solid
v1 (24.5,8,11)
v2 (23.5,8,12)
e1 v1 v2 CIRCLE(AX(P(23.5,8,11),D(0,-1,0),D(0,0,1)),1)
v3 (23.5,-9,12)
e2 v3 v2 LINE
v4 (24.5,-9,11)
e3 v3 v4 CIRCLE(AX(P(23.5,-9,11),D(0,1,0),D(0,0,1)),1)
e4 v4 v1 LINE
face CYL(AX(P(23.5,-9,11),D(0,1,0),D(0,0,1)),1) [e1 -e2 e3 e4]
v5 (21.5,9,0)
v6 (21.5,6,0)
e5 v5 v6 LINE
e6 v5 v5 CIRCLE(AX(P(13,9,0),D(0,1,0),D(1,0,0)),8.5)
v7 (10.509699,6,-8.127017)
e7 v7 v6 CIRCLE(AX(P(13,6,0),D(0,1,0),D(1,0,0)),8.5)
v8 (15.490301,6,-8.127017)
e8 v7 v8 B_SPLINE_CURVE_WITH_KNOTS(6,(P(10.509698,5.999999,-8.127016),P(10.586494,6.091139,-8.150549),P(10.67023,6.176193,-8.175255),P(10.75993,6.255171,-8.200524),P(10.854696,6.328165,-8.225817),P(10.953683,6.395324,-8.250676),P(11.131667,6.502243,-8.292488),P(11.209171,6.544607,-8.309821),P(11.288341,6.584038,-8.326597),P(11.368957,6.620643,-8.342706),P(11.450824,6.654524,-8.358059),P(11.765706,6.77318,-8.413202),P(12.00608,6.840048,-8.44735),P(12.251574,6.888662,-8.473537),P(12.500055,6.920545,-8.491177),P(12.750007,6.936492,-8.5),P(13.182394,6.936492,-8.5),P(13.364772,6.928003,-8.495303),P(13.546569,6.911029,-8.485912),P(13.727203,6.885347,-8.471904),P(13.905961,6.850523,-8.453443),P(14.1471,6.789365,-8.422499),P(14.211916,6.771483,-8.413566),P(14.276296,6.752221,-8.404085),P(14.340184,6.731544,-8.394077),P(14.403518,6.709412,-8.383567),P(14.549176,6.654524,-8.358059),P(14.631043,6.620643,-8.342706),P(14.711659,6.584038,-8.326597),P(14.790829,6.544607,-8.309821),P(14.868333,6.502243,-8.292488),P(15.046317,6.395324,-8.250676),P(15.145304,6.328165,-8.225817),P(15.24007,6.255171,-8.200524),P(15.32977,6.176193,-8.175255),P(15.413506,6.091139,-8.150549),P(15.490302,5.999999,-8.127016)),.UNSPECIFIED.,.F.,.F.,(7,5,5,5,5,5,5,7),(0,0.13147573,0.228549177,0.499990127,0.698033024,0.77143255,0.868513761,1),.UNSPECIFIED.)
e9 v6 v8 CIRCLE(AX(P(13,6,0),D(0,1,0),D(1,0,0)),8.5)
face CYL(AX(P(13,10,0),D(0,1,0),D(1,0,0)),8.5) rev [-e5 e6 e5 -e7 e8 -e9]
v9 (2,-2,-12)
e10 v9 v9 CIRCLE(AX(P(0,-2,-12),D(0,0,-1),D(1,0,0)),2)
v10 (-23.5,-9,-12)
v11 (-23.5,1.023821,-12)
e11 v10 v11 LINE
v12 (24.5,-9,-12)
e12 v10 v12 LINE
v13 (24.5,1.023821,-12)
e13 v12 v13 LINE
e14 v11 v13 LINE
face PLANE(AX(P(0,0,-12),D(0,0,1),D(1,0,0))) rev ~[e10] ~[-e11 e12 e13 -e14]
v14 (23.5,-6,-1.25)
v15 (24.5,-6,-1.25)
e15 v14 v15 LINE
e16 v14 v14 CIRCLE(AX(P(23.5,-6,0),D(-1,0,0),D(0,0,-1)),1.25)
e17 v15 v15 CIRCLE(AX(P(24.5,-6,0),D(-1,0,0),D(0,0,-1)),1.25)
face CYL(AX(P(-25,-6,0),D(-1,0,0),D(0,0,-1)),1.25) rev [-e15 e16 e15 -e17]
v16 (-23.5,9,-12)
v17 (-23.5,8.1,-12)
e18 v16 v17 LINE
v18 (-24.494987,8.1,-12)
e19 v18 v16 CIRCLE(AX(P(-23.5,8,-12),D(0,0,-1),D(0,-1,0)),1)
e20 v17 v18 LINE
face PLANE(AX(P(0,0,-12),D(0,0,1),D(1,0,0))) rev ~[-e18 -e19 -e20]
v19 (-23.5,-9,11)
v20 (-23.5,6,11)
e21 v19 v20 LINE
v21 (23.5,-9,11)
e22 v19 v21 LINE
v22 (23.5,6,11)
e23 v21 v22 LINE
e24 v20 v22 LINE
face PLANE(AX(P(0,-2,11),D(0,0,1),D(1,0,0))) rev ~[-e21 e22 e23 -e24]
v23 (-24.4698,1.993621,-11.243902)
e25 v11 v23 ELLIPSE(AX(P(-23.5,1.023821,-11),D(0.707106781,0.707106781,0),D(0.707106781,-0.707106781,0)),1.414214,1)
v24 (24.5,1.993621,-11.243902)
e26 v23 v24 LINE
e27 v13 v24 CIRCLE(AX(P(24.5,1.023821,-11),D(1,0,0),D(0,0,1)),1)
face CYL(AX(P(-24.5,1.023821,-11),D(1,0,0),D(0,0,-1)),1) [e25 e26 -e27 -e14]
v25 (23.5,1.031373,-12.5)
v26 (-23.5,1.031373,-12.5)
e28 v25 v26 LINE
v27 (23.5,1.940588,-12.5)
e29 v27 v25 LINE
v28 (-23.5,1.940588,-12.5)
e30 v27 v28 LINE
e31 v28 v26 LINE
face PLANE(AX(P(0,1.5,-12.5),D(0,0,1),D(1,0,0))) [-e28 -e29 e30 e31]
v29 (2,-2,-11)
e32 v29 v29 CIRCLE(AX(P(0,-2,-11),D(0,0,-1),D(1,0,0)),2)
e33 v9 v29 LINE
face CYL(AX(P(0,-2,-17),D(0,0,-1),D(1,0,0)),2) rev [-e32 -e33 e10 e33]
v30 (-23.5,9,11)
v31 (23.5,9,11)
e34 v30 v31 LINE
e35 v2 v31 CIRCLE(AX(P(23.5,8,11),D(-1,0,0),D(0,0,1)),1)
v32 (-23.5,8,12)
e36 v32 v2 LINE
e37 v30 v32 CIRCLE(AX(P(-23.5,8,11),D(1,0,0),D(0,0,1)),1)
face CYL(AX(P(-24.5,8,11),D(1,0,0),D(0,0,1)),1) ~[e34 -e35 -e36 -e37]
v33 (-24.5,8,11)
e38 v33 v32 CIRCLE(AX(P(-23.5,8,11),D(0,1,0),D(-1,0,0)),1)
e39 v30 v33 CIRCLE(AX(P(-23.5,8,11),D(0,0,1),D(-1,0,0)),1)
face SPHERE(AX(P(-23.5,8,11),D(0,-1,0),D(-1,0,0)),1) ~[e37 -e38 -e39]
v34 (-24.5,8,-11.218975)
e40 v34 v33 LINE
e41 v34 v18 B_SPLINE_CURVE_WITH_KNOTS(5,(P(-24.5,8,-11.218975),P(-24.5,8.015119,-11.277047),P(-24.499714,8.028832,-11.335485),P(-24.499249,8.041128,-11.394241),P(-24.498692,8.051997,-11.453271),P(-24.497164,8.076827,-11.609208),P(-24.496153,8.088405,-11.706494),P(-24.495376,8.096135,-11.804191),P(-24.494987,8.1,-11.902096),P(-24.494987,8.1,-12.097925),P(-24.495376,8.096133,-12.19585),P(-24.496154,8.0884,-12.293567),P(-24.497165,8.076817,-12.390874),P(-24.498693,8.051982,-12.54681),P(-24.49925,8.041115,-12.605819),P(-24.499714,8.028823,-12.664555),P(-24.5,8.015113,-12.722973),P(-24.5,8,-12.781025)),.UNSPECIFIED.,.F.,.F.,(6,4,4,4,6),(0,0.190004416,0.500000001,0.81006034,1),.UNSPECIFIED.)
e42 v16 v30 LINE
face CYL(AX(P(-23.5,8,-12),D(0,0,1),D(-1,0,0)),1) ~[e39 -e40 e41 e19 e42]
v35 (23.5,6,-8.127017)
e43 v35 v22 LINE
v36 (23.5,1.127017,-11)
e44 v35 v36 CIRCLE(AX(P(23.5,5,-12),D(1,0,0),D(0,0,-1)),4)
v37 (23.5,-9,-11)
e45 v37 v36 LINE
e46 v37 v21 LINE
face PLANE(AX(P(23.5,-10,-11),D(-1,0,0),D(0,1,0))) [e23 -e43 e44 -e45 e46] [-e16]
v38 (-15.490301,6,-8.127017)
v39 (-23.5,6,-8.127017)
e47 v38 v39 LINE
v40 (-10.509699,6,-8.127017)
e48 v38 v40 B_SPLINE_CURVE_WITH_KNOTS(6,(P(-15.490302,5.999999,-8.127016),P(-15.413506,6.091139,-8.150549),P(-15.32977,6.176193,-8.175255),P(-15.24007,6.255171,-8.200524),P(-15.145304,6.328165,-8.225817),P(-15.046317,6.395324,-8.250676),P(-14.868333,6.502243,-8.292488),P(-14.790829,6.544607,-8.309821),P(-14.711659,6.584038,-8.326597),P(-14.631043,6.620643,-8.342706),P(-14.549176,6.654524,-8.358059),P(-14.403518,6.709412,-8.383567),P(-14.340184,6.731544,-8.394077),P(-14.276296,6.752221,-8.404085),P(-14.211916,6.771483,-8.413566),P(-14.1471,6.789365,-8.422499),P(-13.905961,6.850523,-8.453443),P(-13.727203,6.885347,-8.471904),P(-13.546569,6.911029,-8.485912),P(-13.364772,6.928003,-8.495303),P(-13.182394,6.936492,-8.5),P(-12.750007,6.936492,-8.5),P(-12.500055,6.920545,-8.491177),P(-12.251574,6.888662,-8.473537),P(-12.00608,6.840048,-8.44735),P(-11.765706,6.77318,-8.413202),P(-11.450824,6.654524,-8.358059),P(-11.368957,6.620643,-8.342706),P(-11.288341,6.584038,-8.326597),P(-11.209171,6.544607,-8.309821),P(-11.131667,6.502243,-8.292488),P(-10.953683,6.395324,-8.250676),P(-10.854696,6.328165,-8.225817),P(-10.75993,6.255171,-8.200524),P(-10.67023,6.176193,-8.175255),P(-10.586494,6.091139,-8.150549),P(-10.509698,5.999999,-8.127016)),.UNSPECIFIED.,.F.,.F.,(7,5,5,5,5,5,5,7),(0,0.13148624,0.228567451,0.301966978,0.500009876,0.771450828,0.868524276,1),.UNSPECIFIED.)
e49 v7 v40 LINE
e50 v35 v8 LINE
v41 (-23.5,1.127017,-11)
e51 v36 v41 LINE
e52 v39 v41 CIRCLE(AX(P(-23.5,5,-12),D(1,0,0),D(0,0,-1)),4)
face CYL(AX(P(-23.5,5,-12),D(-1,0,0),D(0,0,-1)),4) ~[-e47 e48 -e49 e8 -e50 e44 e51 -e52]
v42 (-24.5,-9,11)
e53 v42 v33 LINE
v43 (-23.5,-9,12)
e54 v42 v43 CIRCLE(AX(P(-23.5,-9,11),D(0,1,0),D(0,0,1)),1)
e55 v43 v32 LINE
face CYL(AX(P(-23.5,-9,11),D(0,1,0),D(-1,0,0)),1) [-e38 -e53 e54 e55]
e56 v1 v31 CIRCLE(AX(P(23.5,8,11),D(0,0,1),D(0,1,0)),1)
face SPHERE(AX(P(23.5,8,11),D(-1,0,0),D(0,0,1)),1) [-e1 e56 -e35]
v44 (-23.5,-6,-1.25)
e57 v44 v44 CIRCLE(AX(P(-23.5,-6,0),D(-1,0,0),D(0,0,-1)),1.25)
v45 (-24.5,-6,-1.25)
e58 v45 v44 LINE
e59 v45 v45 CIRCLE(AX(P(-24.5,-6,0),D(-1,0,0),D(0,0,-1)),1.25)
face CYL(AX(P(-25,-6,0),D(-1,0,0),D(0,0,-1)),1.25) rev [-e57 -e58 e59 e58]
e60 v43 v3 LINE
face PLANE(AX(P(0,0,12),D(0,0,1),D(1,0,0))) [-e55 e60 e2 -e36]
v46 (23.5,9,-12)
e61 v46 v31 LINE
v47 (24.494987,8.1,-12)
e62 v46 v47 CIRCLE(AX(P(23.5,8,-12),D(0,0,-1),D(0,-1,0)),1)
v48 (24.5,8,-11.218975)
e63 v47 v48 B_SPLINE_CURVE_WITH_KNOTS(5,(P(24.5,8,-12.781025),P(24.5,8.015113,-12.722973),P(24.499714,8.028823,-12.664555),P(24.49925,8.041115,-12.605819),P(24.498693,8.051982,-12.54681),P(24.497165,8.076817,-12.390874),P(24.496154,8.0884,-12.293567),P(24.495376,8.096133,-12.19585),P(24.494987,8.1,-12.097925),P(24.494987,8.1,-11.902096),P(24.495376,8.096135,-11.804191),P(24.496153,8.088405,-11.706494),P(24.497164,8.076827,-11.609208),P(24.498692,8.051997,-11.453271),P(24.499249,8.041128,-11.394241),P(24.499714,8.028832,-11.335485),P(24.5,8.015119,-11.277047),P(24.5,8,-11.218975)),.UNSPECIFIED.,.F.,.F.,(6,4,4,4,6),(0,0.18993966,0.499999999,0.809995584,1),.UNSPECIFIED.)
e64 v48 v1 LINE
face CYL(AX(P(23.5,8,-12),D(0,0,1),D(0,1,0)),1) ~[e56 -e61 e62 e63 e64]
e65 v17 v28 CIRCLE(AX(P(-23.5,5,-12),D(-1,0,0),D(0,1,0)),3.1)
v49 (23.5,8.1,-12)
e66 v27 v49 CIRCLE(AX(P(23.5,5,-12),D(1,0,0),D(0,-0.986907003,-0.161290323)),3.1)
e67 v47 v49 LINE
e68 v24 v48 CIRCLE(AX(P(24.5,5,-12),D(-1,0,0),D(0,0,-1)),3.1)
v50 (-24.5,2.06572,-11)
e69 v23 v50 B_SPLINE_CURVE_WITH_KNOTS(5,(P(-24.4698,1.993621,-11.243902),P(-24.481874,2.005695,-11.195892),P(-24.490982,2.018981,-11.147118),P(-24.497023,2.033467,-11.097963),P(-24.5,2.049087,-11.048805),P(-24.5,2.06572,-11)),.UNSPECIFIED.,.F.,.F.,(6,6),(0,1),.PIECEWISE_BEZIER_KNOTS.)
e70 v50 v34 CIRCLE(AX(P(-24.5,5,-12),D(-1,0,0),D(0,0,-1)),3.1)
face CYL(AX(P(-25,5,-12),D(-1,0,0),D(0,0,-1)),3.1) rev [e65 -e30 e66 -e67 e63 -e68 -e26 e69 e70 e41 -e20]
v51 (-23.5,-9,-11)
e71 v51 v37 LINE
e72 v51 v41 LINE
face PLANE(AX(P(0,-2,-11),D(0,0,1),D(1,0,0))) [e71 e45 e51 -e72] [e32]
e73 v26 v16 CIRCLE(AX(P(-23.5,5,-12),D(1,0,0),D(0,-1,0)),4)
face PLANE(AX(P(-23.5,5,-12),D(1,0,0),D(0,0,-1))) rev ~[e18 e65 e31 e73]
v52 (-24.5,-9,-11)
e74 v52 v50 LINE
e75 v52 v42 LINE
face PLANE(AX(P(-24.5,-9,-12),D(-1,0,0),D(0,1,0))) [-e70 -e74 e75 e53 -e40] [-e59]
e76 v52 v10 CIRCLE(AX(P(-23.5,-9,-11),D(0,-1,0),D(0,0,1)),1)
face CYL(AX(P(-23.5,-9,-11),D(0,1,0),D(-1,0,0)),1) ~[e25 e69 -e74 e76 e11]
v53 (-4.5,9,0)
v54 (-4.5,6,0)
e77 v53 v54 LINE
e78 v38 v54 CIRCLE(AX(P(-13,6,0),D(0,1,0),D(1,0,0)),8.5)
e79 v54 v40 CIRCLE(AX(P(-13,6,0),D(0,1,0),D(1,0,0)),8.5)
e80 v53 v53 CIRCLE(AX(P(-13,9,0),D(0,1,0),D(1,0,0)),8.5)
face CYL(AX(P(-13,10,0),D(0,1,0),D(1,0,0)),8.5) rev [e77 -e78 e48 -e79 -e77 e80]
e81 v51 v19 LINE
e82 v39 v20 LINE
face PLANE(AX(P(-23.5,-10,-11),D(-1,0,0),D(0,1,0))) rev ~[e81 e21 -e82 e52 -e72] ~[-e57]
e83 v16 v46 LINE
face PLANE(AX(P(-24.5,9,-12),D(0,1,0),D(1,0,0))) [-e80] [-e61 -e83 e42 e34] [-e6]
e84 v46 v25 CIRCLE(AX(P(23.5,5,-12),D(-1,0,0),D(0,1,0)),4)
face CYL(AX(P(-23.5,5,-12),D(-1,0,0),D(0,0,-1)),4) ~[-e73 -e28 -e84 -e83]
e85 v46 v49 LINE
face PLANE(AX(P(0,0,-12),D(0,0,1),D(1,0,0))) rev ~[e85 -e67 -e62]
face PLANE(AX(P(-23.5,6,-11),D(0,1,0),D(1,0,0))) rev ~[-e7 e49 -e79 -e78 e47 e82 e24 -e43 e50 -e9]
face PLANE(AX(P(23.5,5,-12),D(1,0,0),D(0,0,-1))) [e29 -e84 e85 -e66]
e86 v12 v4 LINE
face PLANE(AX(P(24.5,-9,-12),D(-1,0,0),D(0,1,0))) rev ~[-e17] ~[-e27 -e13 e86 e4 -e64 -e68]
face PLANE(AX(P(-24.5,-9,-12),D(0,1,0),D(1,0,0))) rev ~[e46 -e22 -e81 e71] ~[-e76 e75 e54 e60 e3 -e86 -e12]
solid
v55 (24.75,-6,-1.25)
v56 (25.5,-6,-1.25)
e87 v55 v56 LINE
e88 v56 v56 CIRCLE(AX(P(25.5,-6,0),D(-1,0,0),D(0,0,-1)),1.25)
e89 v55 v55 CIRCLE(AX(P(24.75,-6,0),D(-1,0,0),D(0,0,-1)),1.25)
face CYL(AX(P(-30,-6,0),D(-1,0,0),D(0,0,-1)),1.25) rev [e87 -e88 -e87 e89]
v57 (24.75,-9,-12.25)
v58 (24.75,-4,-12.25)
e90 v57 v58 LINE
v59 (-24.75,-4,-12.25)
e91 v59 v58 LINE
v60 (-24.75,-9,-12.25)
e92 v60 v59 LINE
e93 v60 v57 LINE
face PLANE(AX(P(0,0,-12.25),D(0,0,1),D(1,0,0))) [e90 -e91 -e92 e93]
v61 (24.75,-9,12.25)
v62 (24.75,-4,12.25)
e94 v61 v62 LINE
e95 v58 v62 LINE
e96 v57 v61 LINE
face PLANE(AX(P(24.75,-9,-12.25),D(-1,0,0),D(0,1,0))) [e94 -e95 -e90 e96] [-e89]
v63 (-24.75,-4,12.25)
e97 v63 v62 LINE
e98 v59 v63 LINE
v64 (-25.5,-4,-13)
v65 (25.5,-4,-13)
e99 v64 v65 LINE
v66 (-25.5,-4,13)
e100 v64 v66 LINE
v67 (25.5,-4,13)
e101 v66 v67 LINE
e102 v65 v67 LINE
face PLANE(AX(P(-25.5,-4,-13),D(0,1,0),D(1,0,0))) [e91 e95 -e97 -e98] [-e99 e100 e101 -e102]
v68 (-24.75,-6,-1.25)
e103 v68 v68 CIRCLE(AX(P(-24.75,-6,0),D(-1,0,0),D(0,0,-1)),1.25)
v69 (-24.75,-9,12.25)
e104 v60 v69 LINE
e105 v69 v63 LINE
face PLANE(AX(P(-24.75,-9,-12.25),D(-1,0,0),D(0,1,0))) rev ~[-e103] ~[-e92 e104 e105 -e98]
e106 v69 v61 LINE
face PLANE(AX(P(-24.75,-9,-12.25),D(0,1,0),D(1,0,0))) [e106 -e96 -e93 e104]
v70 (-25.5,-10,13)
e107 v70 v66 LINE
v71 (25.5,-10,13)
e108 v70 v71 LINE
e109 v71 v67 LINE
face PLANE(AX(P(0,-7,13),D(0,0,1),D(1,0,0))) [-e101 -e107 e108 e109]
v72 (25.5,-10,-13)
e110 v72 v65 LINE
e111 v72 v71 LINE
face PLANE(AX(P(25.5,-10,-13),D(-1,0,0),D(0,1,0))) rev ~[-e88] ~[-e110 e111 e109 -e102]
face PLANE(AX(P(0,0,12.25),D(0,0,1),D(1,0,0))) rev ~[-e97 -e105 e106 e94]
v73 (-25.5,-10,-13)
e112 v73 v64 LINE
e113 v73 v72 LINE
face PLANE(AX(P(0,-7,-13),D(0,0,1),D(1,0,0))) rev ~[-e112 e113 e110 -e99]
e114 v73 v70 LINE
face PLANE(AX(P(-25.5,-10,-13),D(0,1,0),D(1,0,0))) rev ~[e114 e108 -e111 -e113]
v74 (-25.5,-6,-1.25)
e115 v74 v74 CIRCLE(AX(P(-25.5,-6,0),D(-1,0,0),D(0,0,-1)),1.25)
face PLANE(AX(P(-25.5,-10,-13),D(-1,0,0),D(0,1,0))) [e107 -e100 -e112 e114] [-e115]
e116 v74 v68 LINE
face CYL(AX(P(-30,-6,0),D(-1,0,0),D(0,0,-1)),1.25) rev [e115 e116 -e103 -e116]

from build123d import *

# Parameters (mm, degrees)
CYLINDER005_R           = 2
CYLINDER005_DEPTH       = 10
CYLINDER004_R           = 1.25
CYLINDER004_DEPTH       = 50
CYLINDER004_PITCH_ANGLE = 90
BOX002_W                = 48
BOX002_H                = 3
BOX002_DEPTH            = 0.5
CYLINDER002_R           = 3.1
CYLINDER002_DEPTH       = 50
CYLINDER002_PITCH_ANGLE = 90
CYLINDER001_R           = 8.5
CYLINDER001_DEPTH       = 20
CYLINDER001_ROLL_ANGLE  = 90
CYLINDER_R              = 8.5
CYLINDER_DEPTH          = 20
CYLINDER_ROLL_ANGLE     = 90
BOX001_W                = 47
BOX001_H                = 16
BOX001_DEPTH            = 22
BOX_W                   = 49
BOX_H                   = 18
BOX_DEPTH               = 24
CYLINDER003_R           = 4
CYLINDER003_DEPTH       = 47
CYLINDER003_PITCH_ANGLE = 90
FILLET_R                = 1
CYLINDER006_R           = 1.25
CYLINDER006_DEPTH       = 60
CYLINDER006_PITCH_ANGLE = 90
BOX003_W                = 49.5
BOX003_H                = 18
BOX003_DEPTH            = 24.5
BOX004_W                = 51
BOX004_H                = 6
BOX004_DEPTH            = 26


with BuildPart() as cylinder003:
    # Cylinder005 → Cylinder005 (new body)
    with BuildSketch(Plane(origin=(0, -2, -17), x_dir=(1, 0, 0), z_dir=(0, 0, 1))):
        Circle(CYLINDER005_R)
    extrude(amount=CYLINDER005_DEPTH)


with BuildPart() as cylinder002:
    # Cylinder004 → Cylinder004 (new body)
    with BuildSketch(Plane.XY):
        Circle(CYLINDER004_R)
    extrude(amount=CYLINDER004_DEPTH)


with BuildPart() as cylinder002_1:
    # Cylinder004 pitch: moved
    add(cylinder002.part.rotate(Axis((0, 0, 0), (0, 1, 0)), CYLINDER004_PITCH_ANGLE))


with BuildPart() as cylinder002_2:
    # Cylinder004 placement: moved
    add(cylinder002_1.part.moved(Location((-25, -6, 0))))


with BuildPart() as cube:
    # Box002 → Box002 (new body)
    with BuildSketch(Plane(origin=(-24, 0, -12.5), x_dir=(1, 0, 0), z_dir=(0, 0, 1))):
        with Locations((24, 1.5)):
            Rectangle(BOX002_W, BOX002_H)
    extrude(amount=BOX002_DEPTH)


with BuildPart() as cylinder:
    # Cylinder002 → Cylinder002 (new body)
    with BuildSketch(Plane.XY):
        Circle(CYLINDER002_R)
    extrude(amount=CYLINDER002_DEPTH)


with BuildPart() as cylinder_1:
    # Cylinder002 pitch: moved
    add(cylinder.part.rotate(Axis((0, 0, 0), (0, 1, 0)), CYLINDER002_PITCH_ANGLE))


with BuildPart() as cylinder_2:
    # Cylinder002 placement: moved
    add(cylinder_1.part.moved(Location((-25, 5, -12))))


with BuildPart() as ultrasoun002:
    # Cylinder001 → Cylinder001 (new body)
    with BuildSketch(Plane.XY):
        Circle(CYLINDER001_R)
    extrude(amount=CYLINDER001_DEPTH)


with BuildPart() as ultrasoun002_1:
    # Cylinder001 roll: moved
    add(ultrasoun002.part.rotate(Axis((0, 0, 0), (1, 0, 0)), CYLINDER001_ROLL_ANGLE))


with BuildPart() as ultrasoun002_2:
    # Cylinder001 placement: moved
    add(ultrasoun002_1.part.moved(Location((13, 10, 0))))


with BuildPart() as f_2xultrasonidos:
    # Cylinder → Cylinder (new body)
    with BuildSketch(Plane.XY):
        Circle(CYLINDER_R)
    extrude(amount=CYLINDER_DEPTH)


with BuildPart() as f_2xultrasonidos_1:
    # Cylinder roll: moved
    add(f_2xultrasonidos.part.rotate(Axis((0, 0, 0), (1, 0, 0)), CYLINDER_ROLL_ANGLE))


with BuildPart() as f_2xultrasonidos_2:
    # Cylinder placement: moved
    add(f_2xultrasonidos_1.part.moved(Location((-13, 10, 0))))

    # Fusion: union ultraSoun002
    add(ultrasoun002_2.part)


with BuildPart() as recote_base:
    # Box001 → Box001 (new body)
    with BuildSketch(Plane(origin=(-23.5, -10, -11), x_dir=(1, 0, 0), z_dir=(0, 0, 1))):
        with Locations((23.5, 8)):
            Rectangle(BOX001_W, BOX001_H)
    extrude(amount=BOX001_DEPTH)


with BuildPart() as cut001:
    # Box → Box (new body)
    with BuildSketch(Plane(origin=(-24.5, -9, -12), x_dir=(1, 0, 0), z_dir=(0, 0, 1))):
        with Locations((24.5, 9)):
            Rectangle(BOX_W, BOX_H)
    extrude(amount=BOX_DEPTH)

    # Cut: cut recote base
    add(recote_base.part, mode=Mode.SUBTRACT)

    # Cut001: cut 2xUltrasonidos
    add(f_2xultrasonidos_2.part, mode=Mode.SUBTRACT)


with BuildPart() as fillet_body:
    # Cylinder003 → Cylinder003 (new body)
    with BuildSketch(Plane.XY):
        Circle(CYLINDER003_R)
    extrude(amount=CYLINDER003_DEPTH)


with BuildPart() as fillet_body_1:
    # Cylinder003 pitch: moved
    add(fillet_body.part.rotate(Axis((0, 0, 0), (0, 1, 0)), CYLINDER003_PITCH_ANGLE))


with BuildPart() as fillet_body_2:
    # Cylinder003 placement: moved
    add(fillet_body_1.part.moved(Location((-23.5, 5, -12))))

    # Fusion001: union Cut001
    add(cut001.part)

    # Cut002: cut Cylinder
    add(cylinder_2.part, mode=Mode.SUBTRACT)

    # Cut003: cut Cube
    add(cube.part, mode=Mode.SUBTRACT)

    # Cut004: cut Cylinder002
    add(cylinder002_2.part, mode=Mode.SUBTRACT)

    # Cut005: cut Cylinder003
    add(cylinder003.part, mode=Mode.SUBTRACT)

    # Fillet
    fillet_edges = [fillet_body_2.edges().sort_by_distance(p)[0] for p in [
        (-24.5, 0, 12),
        (-24.5, 9, 0),
        (-24.5, -3.55, -12),
        (0, 9, 12),
        (24.5, 0, 12),
        (24.5, 9, 0),
        (0, 1.9, -12),
    ]]
    fillet(fillet_edges, radius=FILLET_R)


with BuildPart() as cylinder004:
    # Cylinder006 → Cylinder006 (new body)
    with BuildSketch(Plane.XY):
        Circle(CYLINDER006_R)
    extrude(amount=CYLINDER006_DEPTH)


with BuildPart() as cylinder004_1:
    # Cylinder006 pitch: moved
    add(cylinder004.part.rotate(Axis((0, 0, 0), (0, 1, 0)), CYLINDER006_PITCH_ANGLE))


with BuildPart() as cylinder004_2:
    # Cylinder006 placement: moved
    add(cylinder004_1.part.moved(Location((-30, -6, 0))))


with BuildPart() as base001:
    # Box003 → Box003 (new body)
    with BuildSketch(Plane(origin=(-24.75, -9, -12.25), x_dir=(1, 0, 0), z_dir=(0, 0, 1))):
        with Locations((24.75, 9)):
            Rectangle(BOX003_W, BOX003_H)
    extrude(amount=BOX003_DEPTH)


with BuildPart() as cover:
    # Box004 → Box004 (new body)
    with BuildSketch(Plane(origin=(-25.5, -10, -13), x_dir=(1, 0, 0), z_dir=(0, 0, 1))):
        with Locations((25.5, 3)):
            Rectangle(BOX004_W, BOX004_H)
    extrude(amount=BOX004_DEPTH)

    # Cut006: cut base001
    add(base001.part, mode=Mode.SUBTRACT)

    # Cut007: cut Cylinder004
    add(cylinder004_2.part, mode=Mode.SUBTRACT)


solid = Compound([fillet_body_2.part, cover.part])
